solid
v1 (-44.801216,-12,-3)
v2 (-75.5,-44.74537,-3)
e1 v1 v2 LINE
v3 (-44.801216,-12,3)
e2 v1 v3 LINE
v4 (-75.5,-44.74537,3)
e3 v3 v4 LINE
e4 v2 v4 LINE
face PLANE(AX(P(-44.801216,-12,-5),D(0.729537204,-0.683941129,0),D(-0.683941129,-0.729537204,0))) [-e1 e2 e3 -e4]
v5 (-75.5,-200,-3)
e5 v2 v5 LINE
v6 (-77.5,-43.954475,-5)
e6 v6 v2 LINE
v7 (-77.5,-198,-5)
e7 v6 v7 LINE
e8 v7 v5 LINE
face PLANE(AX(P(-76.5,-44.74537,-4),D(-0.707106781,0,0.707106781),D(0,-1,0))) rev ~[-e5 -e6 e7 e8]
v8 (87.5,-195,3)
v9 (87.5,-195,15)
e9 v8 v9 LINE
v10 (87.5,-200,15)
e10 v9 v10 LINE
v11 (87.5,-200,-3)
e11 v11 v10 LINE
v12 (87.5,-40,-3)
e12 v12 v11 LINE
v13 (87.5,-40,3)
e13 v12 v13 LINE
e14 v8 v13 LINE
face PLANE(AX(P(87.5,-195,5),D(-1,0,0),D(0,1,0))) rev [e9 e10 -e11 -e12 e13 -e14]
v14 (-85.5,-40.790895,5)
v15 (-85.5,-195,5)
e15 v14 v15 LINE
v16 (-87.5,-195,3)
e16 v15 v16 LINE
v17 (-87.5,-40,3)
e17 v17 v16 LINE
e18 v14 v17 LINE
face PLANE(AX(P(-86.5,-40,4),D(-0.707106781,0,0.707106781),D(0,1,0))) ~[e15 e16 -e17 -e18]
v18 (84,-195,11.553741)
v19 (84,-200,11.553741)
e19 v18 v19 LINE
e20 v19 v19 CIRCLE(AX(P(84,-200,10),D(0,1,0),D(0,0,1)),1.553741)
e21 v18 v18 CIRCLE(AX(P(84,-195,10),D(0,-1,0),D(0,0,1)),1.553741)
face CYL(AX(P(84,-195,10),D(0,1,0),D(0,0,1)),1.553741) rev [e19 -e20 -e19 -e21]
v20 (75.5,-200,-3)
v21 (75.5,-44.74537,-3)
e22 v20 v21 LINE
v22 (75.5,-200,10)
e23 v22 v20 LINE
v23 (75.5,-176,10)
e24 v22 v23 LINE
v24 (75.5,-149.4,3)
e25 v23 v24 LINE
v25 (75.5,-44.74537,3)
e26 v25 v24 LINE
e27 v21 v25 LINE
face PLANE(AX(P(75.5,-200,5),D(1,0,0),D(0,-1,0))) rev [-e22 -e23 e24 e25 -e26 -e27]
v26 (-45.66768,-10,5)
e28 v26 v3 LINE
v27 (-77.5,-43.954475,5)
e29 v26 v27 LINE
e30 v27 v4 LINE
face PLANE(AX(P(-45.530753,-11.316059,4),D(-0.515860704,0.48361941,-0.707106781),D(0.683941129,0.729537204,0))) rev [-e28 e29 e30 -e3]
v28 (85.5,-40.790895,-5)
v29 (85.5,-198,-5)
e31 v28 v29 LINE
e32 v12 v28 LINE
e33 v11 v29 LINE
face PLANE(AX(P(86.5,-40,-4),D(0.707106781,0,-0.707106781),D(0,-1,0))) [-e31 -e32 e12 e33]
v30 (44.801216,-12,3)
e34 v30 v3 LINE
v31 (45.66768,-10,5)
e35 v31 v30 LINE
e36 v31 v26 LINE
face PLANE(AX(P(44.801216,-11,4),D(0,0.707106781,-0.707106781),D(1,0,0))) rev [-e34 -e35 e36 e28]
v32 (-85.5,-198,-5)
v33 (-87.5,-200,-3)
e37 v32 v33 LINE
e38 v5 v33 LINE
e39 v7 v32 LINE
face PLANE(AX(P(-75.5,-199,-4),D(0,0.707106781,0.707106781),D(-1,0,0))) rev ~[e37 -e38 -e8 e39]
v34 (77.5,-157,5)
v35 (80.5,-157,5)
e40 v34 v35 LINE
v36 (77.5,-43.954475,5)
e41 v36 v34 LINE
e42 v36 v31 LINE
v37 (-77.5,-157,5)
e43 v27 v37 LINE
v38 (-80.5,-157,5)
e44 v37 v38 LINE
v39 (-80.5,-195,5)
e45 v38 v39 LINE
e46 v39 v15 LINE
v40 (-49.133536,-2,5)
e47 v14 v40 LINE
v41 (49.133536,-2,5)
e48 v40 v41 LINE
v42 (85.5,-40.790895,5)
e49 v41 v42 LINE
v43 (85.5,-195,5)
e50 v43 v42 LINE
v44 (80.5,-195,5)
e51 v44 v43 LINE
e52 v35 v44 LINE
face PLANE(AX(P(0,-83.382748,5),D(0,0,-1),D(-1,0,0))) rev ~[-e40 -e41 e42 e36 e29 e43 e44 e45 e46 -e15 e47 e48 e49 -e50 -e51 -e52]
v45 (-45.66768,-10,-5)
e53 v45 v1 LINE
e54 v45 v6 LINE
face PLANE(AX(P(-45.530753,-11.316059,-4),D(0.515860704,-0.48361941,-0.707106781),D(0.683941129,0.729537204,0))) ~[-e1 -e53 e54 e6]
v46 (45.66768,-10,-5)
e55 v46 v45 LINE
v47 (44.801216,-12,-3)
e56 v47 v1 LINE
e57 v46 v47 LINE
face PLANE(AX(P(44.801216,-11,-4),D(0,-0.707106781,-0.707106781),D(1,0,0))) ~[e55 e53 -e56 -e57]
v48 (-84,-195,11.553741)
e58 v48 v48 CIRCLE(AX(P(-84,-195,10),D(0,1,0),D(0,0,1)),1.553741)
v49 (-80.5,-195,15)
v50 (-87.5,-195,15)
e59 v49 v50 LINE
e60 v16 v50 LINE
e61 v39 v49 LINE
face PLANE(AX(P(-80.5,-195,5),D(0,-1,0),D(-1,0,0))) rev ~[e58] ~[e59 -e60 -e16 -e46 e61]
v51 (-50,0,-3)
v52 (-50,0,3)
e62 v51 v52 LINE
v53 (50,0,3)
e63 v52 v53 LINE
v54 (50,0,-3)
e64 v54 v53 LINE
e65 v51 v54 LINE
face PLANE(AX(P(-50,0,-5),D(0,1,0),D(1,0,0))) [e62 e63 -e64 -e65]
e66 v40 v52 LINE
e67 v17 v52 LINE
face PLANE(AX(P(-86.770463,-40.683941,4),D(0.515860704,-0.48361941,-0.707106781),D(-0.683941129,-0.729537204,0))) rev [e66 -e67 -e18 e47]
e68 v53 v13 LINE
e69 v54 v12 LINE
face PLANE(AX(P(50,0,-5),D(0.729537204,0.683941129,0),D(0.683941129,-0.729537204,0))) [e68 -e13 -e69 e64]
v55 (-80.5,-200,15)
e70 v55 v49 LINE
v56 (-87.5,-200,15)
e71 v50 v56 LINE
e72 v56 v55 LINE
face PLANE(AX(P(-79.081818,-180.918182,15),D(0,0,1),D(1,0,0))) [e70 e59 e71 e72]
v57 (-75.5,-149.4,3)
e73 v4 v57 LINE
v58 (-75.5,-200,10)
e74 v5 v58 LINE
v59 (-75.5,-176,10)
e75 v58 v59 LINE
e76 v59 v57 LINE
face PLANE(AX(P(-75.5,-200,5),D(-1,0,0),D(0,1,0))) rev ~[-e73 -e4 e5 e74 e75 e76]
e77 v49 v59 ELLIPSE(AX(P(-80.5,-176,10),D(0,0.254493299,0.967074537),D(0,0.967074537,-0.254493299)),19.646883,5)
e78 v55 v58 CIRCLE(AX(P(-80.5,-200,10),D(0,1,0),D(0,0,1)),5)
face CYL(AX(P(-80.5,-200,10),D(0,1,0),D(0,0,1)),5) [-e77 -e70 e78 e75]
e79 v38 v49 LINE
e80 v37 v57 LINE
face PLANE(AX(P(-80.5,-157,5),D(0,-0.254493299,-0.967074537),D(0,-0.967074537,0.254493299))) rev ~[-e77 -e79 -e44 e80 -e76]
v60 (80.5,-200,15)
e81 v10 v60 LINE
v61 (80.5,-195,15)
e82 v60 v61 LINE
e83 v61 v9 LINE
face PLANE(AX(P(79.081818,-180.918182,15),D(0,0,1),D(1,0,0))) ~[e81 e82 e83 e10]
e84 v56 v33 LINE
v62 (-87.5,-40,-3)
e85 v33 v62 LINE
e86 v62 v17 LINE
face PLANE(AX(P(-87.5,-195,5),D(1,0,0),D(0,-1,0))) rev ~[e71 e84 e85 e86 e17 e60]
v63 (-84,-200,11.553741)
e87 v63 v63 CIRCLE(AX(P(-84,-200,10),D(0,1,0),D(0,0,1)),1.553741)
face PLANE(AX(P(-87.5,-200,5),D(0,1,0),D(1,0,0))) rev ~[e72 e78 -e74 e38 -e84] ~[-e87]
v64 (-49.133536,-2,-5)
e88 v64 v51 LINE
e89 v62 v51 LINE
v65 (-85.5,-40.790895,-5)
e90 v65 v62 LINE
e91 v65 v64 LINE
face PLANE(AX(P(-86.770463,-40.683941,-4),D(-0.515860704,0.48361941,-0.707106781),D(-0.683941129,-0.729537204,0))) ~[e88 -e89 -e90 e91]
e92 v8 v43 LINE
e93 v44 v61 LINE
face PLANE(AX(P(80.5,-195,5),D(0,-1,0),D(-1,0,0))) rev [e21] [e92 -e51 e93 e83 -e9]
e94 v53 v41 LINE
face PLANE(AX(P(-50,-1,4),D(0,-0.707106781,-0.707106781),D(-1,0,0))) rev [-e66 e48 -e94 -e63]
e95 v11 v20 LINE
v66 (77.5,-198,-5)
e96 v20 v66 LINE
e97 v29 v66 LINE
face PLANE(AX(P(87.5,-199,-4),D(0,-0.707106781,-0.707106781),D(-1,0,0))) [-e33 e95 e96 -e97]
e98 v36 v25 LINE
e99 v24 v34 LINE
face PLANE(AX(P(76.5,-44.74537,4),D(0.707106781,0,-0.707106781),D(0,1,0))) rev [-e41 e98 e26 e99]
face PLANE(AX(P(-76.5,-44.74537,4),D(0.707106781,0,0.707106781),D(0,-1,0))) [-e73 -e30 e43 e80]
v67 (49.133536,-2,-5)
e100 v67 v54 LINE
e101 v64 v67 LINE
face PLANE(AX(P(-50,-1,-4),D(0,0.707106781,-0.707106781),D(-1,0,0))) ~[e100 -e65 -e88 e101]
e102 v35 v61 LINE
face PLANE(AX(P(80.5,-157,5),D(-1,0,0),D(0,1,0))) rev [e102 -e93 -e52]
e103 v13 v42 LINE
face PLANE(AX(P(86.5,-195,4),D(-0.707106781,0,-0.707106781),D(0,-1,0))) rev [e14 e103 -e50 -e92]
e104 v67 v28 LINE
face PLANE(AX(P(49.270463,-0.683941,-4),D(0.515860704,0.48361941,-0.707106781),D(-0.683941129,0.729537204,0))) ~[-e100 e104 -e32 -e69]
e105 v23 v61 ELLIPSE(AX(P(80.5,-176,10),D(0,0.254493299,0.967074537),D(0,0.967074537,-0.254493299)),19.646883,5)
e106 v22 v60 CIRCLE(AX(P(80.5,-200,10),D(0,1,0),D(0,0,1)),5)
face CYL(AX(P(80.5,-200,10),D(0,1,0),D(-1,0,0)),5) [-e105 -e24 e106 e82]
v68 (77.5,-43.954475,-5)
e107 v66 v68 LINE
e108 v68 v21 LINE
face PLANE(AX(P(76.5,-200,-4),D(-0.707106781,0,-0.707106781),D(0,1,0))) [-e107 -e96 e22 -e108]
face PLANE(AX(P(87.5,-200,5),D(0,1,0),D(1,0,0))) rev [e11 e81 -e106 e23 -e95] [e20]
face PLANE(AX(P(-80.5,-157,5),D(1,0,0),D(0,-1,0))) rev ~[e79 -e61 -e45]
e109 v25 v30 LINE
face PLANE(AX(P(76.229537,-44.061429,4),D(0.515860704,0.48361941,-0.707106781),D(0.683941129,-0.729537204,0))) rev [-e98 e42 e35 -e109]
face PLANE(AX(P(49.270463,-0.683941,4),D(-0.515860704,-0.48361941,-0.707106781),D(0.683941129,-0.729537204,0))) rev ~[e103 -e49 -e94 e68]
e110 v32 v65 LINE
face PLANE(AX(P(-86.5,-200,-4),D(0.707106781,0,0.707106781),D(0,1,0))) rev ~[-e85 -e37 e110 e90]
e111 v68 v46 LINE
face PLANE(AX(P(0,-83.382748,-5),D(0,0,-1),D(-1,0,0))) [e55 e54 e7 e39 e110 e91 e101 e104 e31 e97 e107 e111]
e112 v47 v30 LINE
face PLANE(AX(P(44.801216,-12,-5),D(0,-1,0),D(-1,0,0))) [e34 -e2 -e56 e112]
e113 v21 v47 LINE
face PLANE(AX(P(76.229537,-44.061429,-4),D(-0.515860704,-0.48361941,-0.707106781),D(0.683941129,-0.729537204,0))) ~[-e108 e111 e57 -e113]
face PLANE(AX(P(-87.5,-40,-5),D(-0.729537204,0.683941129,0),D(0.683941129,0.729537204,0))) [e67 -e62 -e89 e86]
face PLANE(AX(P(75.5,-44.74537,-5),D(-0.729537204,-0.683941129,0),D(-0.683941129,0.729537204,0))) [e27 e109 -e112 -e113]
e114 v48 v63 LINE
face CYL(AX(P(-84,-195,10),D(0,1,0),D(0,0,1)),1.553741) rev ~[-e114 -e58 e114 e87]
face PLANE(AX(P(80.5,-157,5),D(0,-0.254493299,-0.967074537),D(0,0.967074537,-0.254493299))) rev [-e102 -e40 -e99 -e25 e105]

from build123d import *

# Parameters (mm, degrees)
BOSS_EXTRUDE1_DEPTH      = 5
BOSS_EXTRUDE1_DEPTH_BACK = 5
BOSS_EXTRUDE2_DEPTH      = 10
CUT_EXTRUDE1_DEPTH       = 262.627597933
SKETCH4_R                = 1.553741305
CUT_EXTRUDE2_DEPTH       = 215.257438611
CHAMFER1_SIZE            = 2
CHAMFER2_SIZE            = 2
FILLET1_R                = 5


with BuildPart() as part:
    # Sketch1 → Boss-Extrude1 (new, two sides: drawn at the far end of the back side and taken through both)
    with BuildSketch(Plane.XY.offset(-BOSS_EXTRUDE1_DEPTH_BACK)):
        Polygon((-87.5, -200), (-87.5, -40), (-50, 0), (50, 0), (87.5, -40), (87.5, -200), (75.5, -200), (75.5, -44.74536976), (44.80121585, -12), (-44.80121585, -12), (-75.5, -44.74536976), (-75.5, -200), align=None)
    extrude(amount=BOSS_EXTRUDE1_DEPTH + BOSS_EXTRUDE1_DEPTH_BACK)

    # Sketch2 → Boss-Extrude2 (add)
    with BuildSketch(Plane.XY.offset(5)):
        Polygon((-87.5, -200), (-75.5, -200), (-75.5, -197), (-75.5, -157), (-80.5, -157), (-80.5, -195), (-87.5, -195), align=None)
    boss_extrude2 = extrude(amount=BOSS_EXTRUDE2_DEPTH)

    # Sketch3 → Cut-Extrude1 (cut, through all)
    with BuildSketch(Plane.ZY.offset(80.5)):
        Polygon((5, -157), (15, -195), (15, -157), align=None)
    cut_extrude1 = extrude(amount=-CUT_EXTRUDE1_DEPTH, mode=Mode.SUBTRACT)

    # Sketch4 → Cut-Extrude2 (cut, through all)
    with BuildSketch(Plane(origin=(0, -195, 0), x_dir=(1, 0, 0), z_dir=(0, 1, 0))):
        with Locations((-84, -10)):
            Circle(SKETCH4_R)
    cut_extrude2 = extrude(amount=-CUT_EXTRUDE2_DEPTH, mode=Mode.SUBTRACT)

    # Mirror1: Boss-Extrude2, Cut-Extrude1, Cut-Extrude2 across plane
    add(boss_extrude2.mirror(Plane(origin=(0, 0, 0), x_dir=(0, 0, 1), z_dir=(1, 0, 0))))
    add(cut_extrude1.mirror(Plane(origin=(0, 0, 0), x_dir=(0, 0, 1), z_dir=(1, 0, 0))), mode=Mode.SUBTRACT)
    add(cut_extrude2.mirror(Plane(origin=(0, 0, 0), x_dir=(0, 0, 1), z_dir=(1, 0, 0))), mode=Mode.SUBTRACT)

    # Chamfer1
    chamfer1_edges = [part.edges().sort_by_distance(p)[0] for p in [
        (-75.5, -122.37268488, -5),
        (-60.150607925, -28.37268488, -5),
        (0, -12, -5),
        (60.150607925, -28.37268488, -5),
        (75.5, -122.37268488, -5),
        (81.5, -200, -5),
        (87.5, -120, -5),
        (68.75, -20, -5),
        (0, 0, -5),
        (-68.75, -20, -5),
        (-87.5, -120, -5),
        (-81.5, -200, -5),
    ]]
    chamfer(chamfer1_edges, length=CHAMFER1_SIZE)

    # Chamfer2
    chamfer2_edges = [part.edges().sort_by_distance(p)[0] for p in [
        (75.5, -100.87268488, 5),
        (60.150607925, -28.37268488, 5),
        (0, -12, 5),
        (-75.5, -100.87268488, 5),
        (-60.150607925, -28.37268488, 5),
        (87.5, -117.5, 5),
        (68.75, -20, 5),
        (0, 0, 5),
        (-68.75, -20, 5),
        (-87.5, -117.5, 5),
    ]]
    chamfer(chamfer2_edges, length=CHAMFER2_SIZE)

    # Fillet1
    fillet1_edges = [part.edges().sort_by_distance(p)[0] for p in [
        (75.5, -197.5, 15),
        (-75.5, -197.5, 15),
    ]]
    fillet(fillet1_edges, radius=FILLET1_R)


solid = part.part
